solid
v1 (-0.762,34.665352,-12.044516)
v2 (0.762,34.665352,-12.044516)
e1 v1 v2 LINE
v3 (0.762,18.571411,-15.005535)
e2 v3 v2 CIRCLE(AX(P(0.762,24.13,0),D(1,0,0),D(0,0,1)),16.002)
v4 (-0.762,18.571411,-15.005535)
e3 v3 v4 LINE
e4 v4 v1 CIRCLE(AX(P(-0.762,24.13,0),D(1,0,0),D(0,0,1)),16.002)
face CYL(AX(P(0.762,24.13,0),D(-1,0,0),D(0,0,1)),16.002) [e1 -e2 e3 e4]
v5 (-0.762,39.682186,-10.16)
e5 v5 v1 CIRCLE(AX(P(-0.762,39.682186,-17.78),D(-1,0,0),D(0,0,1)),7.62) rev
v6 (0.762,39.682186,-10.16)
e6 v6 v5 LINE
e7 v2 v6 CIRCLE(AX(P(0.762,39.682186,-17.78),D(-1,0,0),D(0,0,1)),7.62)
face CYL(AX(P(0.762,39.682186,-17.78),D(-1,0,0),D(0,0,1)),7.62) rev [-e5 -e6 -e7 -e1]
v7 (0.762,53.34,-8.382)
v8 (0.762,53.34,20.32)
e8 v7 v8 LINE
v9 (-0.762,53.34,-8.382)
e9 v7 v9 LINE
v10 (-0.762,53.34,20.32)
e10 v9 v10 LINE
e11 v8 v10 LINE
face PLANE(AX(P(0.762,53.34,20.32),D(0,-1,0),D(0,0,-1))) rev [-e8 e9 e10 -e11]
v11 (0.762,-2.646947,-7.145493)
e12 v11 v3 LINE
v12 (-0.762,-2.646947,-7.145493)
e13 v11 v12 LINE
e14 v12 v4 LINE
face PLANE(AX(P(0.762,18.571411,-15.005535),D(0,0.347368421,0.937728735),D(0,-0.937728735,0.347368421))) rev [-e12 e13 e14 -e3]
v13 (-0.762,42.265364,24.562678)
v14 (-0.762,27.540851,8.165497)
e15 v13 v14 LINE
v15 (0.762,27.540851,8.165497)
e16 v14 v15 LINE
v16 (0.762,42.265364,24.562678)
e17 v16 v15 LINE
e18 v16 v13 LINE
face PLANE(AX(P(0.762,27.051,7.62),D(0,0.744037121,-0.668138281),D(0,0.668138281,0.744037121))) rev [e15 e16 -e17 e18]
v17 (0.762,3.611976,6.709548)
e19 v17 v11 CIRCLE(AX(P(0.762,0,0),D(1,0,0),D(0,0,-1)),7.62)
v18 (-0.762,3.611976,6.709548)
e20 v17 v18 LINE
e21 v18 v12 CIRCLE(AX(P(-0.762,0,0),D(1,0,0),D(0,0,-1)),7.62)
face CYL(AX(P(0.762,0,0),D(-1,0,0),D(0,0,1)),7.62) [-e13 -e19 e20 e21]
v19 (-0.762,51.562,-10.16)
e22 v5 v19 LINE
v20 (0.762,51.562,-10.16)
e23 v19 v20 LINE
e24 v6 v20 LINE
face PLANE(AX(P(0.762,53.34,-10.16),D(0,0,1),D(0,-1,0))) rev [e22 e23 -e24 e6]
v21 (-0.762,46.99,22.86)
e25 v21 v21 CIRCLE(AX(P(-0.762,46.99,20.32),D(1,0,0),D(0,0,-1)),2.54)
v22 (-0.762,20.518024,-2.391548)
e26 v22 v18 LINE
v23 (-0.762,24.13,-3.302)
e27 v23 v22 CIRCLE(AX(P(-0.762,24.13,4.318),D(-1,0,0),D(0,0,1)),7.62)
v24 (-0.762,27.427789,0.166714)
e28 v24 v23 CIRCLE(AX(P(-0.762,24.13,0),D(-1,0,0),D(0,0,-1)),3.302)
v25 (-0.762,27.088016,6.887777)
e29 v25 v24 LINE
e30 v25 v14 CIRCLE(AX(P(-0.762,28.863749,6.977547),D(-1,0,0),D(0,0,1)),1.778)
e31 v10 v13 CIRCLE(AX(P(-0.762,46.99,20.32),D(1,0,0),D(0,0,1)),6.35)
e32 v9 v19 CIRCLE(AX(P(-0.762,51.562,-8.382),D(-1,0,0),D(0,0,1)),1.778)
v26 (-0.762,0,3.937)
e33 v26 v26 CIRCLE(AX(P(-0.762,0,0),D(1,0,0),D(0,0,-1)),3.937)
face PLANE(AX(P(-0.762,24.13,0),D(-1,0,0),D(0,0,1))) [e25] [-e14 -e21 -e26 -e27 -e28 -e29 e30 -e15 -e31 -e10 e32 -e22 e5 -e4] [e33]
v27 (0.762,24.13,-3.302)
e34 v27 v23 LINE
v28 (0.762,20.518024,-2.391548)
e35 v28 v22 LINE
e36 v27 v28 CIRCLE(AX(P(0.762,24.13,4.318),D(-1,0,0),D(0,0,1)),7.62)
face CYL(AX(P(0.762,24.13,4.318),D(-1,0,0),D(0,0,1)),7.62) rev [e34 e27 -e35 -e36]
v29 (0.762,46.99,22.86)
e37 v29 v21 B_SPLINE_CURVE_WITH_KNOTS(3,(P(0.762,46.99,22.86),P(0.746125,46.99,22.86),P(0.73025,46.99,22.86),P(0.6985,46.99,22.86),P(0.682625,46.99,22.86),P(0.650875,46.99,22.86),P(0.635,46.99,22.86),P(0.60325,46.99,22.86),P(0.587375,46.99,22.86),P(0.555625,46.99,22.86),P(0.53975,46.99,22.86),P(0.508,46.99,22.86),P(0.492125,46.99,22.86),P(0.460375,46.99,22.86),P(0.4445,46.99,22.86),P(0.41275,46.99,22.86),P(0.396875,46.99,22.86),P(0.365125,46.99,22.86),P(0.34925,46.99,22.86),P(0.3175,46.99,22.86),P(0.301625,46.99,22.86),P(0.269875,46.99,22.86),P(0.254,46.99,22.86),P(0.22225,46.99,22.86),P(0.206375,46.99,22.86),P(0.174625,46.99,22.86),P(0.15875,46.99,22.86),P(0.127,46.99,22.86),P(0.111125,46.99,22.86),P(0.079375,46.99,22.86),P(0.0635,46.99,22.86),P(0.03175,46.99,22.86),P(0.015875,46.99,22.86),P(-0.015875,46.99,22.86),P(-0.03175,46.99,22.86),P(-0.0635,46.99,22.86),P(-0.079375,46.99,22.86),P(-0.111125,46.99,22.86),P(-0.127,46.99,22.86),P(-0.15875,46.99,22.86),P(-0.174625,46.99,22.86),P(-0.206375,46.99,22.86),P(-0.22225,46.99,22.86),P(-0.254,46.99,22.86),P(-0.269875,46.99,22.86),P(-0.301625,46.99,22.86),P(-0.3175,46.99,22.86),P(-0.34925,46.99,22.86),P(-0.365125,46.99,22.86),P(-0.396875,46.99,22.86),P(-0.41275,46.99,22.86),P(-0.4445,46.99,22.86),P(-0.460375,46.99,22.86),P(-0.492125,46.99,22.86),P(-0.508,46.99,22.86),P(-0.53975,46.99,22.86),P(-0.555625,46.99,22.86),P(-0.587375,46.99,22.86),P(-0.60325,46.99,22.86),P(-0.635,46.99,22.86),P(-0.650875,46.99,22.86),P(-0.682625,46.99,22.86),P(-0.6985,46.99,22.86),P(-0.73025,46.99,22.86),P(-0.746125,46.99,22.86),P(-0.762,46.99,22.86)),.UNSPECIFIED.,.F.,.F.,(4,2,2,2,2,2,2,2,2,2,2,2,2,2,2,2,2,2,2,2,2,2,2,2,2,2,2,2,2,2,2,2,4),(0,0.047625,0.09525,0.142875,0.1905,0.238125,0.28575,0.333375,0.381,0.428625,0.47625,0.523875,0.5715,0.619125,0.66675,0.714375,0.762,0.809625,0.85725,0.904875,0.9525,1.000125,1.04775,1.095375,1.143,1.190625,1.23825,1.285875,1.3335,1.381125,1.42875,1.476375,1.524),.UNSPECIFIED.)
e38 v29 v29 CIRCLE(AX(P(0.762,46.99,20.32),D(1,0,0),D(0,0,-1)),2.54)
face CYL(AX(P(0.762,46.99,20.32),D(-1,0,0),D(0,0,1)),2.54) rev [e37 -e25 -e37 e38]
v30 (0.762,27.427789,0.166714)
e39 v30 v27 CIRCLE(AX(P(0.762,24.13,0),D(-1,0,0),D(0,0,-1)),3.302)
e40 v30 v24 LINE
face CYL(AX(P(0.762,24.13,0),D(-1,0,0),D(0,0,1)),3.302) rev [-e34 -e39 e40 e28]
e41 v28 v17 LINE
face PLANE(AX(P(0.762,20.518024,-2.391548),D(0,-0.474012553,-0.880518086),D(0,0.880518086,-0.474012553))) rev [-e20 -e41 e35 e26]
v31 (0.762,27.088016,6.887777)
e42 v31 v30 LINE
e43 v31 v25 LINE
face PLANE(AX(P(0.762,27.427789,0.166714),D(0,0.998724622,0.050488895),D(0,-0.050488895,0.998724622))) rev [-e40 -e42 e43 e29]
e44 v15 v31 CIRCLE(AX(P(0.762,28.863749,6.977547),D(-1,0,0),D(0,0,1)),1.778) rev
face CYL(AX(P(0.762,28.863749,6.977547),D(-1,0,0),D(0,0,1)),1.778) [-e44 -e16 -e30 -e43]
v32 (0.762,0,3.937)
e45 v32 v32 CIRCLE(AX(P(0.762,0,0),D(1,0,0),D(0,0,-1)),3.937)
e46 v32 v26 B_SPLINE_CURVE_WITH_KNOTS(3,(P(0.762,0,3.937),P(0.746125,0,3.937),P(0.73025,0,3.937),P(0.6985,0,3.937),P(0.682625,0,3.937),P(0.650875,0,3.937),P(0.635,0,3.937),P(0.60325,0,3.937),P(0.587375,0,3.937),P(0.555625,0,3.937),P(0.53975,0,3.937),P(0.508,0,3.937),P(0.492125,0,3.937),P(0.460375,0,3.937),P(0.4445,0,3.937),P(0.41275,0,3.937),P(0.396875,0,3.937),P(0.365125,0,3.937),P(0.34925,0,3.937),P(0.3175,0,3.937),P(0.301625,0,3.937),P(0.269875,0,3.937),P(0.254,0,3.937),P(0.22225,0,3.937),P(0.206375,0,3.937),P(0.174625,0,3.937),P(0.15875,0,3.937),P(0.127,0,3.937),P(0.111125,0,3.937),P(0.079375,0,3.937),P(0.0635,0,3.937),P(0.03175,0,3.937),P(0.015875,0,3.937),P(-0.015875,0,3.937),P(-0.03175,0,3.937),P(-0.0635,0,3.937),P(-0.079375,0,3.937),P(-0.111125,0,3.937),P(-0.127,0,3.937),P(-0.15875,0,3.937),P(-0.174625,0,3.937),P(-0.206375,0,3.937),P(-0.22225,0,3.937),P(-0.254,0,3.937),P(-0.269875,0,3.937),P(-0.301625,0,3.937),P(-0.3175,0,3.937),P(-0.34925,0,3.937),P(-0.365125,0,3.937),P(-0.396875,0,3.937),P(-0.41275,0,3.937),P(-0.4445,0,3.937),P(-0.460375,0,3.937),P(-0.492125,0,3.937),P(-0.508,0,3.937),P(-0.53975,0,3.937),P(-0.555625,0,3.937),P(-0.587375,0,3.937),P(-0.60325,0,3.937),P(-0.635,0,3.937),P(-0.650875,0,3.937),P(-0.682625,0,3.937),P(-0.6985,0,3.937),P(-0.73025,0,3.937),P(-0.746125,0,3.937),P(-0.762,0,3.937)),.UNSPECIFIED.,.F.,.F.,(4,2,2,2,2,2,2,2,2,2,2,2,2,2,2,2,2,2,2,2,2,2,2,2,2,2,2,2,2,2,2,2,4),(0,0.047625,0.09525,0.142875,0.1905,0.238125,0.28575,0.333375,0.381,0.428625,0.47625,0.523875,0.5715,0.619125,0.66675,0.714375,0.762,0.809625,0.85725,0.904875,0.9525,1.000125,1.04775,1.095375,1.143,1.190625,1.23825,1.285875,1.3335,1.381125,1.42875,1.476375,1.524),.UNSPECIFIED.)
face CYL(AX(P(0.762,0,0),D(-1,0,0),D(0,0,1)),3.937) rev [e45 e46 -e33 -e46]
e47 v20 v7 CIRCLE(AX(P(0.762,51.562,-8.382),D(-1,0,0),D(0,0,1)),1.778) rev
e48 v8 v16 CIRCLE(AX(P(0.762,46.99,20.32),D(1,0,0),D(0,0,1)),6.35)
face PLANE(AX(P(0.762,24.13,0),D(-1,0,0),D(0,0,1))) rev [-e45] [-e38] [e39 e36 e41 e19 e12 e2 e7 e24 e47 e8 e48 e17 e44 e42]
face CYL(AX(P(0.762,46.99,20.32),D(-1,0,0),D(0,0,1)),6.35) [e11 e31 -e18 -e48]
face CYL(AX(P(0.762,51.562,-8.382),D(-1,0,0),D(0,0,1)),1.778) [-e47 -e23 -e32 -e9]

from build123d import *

# Parameters (mm, degrees)
SKETCH1_R           = 3.937
SKETCH1_R_2         = 2.54
BOSS_EXTRUDE1_DEPTH = 0.762
FILLET1_R           = 1.778
FILLET2_R           = 7.62


with BuildPart() as part:
    # Sketch1 → Boss-Extrude1 (new, symmetric)
    with BuildSketch(Plane(origin=(0, 0, 0), x_dir=(0, 0, -1), z_dir=(1, 0, 0))):
        with BuildLine():
            Line((-0.16671433, 27.427788703), (-7.62, 27.051))
            Line((-7.62, 27.051), (-24.562678082, 42.265364279))
            ThreePointArc((-24.562678082, 42.265364279), (-26.249752812, 49.261680344), (-20.32, 53.34))
            Line((-20.32, 53.34), (10.16, 53.34))
            Line((10.16, 53.34), (10.16, 36.49278302))
            ThreePointArc((10.16, 36.49278302), (15.447327881, 28.30660931), (15.005535214, 18.571410526))
            Line((15.005535214, 18.571410526), (7.145492959, -2.646947368))
            ThreePointArc((7.145492959, -2.646947368), (-3.137043416, -6.94430404), (-6.709547814, 3.611975654))
            Line((-6.709547814, 3.611975654), (2.391547814, 20.518024346))
            ThreePointArc((2.391547814, 20.518024346), (3.070881997, 22.267522395), (3.302, 24.13))
            ThreePointArc((3.302, 24.13), (2.275160794, 26.523083233), (-0.16671433, 27.427788703))
        make_face()
        with Locations(Location((0, 0, 0), (0, 0, 180))):
            Circle(SKETCH1_R, mode=Mode.SUBTRACT)
        with Locations(Location((-20.32, 46.99, 0), (0, 0, 180))):
            Circle(SKETCH1_R_2, mode=Mode.SUBTRACT)
    extrude(amount=BOSS_EXTRUDE1_DEPTH, both=True)

    # Fillet1
    fillet1_edges = [part.edges().sort_by_distance(p)[0] for p in [
        (0, 27.051, 7.62),
        (0, 53.34, -10.16),
    ]]
    fillet(fillet1_edges, radius=FILLET1_R)

    # Fillet2
    fillet2_edges = [part.edges().sort_by_distance(p)[0] for p in [
        (0, 36.49278302, -10.16),
    ]]
    fillet(fillet2_edges, radius=FILLET2_R)


solid = part.part
